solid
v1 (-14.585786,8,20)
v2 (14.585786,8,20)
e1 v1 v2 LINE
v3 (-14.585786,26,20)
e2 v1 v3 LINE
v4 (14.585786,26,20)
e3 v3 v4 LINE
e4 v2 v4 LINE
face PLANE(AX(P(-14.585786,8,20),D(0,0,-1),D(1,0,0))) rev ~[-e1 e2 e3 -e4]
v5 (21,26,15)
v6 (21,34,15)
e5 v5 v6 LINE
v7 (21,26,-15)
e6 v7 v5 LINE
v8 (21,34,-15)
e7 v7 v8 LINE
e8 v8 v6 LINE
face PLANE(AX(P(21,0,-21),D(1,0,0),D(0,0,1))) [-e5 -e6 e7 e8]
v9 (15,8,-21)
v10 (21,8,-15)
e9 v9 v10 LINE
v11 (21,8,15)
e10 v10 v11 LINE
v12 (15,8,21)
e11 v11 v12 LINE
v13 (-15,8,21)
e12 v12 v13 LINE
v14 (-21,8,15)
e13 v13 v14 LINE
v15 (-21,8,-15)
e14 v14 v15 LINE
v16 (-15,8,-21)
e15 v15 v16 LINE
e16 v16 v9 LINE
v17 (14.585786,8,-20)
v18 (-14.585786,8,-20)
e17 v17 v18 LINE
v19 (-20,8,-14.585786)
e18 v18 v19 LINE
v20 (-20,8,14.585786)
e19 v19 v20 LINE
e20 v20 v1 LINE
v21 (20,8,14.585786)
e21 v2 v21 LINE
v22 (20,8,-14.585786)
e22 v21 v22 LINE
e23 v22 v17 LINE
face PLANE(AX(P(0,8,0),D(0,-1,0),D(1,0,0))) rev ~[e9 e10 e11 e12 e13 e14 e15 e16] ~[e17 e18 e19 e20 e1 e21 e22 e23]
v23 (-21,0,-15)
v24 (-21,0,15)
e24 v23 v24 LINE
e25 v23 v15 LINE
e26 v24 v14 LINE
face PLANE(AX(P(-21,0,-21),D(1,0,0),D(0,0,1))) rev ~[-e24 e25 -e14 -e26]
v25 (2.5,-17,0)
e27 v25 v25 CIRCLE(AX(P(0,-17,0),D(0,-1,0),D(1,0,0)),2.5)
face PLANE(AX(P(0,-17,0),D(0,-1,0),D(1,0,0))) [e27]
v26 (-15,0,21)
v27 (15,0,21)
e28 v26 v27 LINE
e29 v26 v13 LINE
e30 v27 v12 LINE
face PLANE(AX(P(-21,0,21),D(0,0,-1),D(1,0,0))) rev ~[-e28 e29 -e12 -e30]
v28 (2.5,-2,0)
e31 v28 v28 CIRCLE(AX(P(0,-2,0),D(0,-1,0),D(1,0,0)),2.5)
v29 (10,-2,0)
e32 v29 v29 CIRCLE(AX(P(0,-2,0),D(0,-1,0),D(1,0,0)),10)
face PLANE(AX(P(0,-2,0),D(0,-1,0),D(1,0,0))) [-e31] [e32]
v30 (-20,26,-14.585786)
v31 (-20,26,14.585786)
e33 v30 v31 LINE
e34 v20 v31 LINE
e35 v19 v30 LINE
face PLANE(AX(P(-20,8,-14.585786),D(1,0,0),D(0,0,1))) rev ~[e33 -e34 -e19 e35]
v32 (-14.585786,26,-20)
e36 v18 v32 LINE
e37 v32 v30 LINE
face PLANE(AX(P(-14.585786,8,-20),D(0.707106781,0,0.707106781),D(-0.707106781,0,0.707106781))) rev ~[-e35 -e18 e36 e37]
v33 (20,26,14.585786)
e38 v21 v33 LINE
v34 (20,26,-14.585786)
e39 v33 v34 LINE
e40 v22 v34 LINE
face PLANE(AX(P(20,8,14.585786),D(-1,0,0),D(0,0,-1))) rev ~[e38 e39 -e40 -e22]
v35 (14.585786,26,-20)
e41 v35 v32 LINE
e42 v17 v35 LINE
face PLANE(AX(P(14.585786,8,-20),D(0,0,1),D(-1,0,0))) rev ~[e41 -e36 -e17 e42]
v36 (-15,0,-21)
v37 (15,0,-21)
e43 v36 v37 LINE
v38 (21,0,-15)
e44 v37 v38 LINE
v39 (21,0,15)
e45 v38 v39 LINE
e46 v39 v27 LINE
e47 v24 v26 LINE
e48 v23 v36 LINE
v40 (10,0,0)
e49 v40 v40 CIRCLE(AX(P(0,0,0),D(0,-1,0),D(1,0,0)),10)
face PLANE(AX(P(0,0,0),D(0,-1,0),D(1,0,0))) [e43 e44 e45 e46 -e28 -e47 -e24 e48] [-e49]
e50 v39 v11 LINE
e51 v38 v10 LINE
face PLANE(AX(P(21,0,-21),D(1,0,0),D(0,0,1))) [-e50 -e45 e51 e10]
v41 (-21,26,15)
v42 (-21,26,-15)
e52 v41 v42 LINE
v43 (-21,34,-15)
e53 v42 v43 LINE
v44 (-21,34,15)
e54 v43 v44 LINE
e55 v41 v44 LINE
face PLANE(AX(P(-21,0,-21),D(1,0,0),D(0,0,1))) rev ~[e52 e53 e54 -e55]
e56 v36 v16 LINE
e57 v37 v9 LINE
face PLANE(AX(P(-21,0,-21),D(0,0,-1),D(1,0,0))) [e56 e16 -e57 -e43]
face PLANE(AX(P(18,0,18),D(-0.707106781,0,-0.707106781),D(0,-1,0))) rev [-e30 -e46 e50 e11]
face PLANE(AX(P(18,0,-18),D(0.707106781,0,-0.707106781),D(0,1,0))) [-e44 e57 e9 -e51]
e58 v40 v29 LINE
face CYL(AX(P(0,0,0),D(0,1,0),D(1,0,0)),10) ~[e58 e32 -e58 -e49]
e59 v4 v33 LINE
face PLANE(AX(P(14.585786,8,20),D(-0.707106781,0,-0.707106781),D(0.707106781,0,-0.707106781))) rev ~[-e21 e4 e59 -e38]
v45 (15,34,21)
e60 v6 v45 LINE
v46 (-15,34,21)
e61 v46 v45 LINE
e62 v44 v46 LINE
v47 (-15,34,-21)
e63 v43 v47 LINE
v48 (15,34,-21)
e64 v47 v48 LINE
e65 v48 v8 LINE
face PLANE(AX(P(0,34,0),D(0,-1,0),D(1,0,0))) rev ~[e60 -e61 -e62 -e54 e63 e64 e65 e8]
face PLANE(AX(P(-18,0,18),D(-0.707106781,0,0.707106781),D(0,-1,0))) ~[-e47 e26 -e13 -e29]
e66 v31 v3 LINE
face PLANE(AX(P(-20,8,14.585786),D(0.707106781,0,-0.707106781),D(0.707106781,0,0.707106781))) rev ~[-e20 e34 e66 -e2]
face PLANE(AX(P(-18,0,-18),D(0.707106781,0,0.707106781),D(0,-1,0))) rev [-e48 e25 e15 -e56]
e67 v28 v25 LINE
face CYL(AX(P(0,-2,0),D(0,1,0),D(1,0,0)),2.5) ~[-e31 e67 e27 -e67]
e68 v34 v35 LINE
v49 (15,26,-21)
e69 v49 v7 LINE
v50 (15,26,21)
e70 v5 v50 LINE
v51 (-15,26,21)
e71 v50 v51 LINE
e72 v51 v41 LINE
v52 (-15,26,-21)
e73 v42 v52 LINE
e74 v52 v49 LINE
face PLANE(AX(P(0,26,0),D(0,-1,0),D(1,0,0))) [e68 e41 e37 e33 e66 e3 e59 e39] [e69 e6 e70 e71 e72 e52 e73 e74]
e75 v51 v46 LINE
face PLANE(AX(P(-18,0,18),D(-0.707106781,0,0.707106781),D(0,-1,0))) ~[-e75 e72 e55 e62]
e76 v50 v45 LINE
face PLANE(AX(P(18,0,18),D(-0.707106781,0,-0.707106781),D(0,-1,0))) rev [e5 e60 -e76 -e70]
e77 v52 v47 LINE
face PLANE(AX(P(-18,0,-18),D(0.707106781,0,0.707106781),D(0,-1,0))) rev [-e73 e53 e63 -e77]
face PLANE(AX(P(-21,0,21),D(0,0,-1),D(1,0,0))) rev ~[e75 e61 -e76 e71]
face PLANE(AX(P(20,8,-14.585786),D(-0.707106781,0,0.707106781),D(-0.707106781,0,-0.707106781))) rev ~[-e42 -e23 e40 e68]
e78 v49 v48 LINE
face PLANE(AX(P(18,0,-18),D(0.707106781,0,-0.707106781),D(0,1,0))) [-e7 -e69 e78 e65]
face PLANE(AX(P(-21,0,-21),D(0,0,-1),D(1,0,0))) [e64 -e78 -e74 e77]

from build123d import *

# Parameters (mm, degrees)
F0_W     = 42
F0_H     = 42
F1_DEPTH = 34
F2_SIZE  = 6
F5_DEPTH = 18
F6_R     = 10
F7_DEPTH = 2
F8_R     = 2.5
F9_DEPTH = 15


with BuildPart() as f1:
    # F0 (on Front) → F1 (new body)
    with BuildSketch(Plane.XZ):
        Rectangle(F0_W, F0_H)
    extrude(amount=-F1_DEPTH)

    # F2
    f2_edges = [f1.edges().sort_by_distance(p)[0] for p in [
        (21, 17, 21),
        (-21, 17, 21),
        (21, 17, -21),
        (-21, 17, -21),
    ]]
    chamfer(f2_edges, length=F2_SIZE)

    # F4 (on offset) → F5 (cut)
    with BuildSketch(Plane.XZ.offset(-8)):
        Polygon((15, 21), (-15, 21), (-21, 15), (-21, -15), (-15, -21), (15, -21), (21, -15), (21, 15), align=None)
        Polygon((-20, 14.585786), (-14.585786, 20), (14.585786, 20), (20, 14.585786), (20, -14.585786), (14.585786, -20), (-14.585786, -20), (-20, -14.585786), align=None, mode=Mode.SUBTRACT)
    extrude(amount=-F5_DEPTH, mode=Mode.SUBTRACT)

    # F6 (on Front) → F7 (join)
    with BuildSketch(Plane.XZ):
        Circle(F6_R)
    extrude(amount=F7_DEPTH)

    # F8 (on face) → F9 (join)
    with BuildSketch(Plane.XZ.offset(2)):
        Circle(F8_R)
    extrude(amount=F9_DEPTH)


solid = f1.part
